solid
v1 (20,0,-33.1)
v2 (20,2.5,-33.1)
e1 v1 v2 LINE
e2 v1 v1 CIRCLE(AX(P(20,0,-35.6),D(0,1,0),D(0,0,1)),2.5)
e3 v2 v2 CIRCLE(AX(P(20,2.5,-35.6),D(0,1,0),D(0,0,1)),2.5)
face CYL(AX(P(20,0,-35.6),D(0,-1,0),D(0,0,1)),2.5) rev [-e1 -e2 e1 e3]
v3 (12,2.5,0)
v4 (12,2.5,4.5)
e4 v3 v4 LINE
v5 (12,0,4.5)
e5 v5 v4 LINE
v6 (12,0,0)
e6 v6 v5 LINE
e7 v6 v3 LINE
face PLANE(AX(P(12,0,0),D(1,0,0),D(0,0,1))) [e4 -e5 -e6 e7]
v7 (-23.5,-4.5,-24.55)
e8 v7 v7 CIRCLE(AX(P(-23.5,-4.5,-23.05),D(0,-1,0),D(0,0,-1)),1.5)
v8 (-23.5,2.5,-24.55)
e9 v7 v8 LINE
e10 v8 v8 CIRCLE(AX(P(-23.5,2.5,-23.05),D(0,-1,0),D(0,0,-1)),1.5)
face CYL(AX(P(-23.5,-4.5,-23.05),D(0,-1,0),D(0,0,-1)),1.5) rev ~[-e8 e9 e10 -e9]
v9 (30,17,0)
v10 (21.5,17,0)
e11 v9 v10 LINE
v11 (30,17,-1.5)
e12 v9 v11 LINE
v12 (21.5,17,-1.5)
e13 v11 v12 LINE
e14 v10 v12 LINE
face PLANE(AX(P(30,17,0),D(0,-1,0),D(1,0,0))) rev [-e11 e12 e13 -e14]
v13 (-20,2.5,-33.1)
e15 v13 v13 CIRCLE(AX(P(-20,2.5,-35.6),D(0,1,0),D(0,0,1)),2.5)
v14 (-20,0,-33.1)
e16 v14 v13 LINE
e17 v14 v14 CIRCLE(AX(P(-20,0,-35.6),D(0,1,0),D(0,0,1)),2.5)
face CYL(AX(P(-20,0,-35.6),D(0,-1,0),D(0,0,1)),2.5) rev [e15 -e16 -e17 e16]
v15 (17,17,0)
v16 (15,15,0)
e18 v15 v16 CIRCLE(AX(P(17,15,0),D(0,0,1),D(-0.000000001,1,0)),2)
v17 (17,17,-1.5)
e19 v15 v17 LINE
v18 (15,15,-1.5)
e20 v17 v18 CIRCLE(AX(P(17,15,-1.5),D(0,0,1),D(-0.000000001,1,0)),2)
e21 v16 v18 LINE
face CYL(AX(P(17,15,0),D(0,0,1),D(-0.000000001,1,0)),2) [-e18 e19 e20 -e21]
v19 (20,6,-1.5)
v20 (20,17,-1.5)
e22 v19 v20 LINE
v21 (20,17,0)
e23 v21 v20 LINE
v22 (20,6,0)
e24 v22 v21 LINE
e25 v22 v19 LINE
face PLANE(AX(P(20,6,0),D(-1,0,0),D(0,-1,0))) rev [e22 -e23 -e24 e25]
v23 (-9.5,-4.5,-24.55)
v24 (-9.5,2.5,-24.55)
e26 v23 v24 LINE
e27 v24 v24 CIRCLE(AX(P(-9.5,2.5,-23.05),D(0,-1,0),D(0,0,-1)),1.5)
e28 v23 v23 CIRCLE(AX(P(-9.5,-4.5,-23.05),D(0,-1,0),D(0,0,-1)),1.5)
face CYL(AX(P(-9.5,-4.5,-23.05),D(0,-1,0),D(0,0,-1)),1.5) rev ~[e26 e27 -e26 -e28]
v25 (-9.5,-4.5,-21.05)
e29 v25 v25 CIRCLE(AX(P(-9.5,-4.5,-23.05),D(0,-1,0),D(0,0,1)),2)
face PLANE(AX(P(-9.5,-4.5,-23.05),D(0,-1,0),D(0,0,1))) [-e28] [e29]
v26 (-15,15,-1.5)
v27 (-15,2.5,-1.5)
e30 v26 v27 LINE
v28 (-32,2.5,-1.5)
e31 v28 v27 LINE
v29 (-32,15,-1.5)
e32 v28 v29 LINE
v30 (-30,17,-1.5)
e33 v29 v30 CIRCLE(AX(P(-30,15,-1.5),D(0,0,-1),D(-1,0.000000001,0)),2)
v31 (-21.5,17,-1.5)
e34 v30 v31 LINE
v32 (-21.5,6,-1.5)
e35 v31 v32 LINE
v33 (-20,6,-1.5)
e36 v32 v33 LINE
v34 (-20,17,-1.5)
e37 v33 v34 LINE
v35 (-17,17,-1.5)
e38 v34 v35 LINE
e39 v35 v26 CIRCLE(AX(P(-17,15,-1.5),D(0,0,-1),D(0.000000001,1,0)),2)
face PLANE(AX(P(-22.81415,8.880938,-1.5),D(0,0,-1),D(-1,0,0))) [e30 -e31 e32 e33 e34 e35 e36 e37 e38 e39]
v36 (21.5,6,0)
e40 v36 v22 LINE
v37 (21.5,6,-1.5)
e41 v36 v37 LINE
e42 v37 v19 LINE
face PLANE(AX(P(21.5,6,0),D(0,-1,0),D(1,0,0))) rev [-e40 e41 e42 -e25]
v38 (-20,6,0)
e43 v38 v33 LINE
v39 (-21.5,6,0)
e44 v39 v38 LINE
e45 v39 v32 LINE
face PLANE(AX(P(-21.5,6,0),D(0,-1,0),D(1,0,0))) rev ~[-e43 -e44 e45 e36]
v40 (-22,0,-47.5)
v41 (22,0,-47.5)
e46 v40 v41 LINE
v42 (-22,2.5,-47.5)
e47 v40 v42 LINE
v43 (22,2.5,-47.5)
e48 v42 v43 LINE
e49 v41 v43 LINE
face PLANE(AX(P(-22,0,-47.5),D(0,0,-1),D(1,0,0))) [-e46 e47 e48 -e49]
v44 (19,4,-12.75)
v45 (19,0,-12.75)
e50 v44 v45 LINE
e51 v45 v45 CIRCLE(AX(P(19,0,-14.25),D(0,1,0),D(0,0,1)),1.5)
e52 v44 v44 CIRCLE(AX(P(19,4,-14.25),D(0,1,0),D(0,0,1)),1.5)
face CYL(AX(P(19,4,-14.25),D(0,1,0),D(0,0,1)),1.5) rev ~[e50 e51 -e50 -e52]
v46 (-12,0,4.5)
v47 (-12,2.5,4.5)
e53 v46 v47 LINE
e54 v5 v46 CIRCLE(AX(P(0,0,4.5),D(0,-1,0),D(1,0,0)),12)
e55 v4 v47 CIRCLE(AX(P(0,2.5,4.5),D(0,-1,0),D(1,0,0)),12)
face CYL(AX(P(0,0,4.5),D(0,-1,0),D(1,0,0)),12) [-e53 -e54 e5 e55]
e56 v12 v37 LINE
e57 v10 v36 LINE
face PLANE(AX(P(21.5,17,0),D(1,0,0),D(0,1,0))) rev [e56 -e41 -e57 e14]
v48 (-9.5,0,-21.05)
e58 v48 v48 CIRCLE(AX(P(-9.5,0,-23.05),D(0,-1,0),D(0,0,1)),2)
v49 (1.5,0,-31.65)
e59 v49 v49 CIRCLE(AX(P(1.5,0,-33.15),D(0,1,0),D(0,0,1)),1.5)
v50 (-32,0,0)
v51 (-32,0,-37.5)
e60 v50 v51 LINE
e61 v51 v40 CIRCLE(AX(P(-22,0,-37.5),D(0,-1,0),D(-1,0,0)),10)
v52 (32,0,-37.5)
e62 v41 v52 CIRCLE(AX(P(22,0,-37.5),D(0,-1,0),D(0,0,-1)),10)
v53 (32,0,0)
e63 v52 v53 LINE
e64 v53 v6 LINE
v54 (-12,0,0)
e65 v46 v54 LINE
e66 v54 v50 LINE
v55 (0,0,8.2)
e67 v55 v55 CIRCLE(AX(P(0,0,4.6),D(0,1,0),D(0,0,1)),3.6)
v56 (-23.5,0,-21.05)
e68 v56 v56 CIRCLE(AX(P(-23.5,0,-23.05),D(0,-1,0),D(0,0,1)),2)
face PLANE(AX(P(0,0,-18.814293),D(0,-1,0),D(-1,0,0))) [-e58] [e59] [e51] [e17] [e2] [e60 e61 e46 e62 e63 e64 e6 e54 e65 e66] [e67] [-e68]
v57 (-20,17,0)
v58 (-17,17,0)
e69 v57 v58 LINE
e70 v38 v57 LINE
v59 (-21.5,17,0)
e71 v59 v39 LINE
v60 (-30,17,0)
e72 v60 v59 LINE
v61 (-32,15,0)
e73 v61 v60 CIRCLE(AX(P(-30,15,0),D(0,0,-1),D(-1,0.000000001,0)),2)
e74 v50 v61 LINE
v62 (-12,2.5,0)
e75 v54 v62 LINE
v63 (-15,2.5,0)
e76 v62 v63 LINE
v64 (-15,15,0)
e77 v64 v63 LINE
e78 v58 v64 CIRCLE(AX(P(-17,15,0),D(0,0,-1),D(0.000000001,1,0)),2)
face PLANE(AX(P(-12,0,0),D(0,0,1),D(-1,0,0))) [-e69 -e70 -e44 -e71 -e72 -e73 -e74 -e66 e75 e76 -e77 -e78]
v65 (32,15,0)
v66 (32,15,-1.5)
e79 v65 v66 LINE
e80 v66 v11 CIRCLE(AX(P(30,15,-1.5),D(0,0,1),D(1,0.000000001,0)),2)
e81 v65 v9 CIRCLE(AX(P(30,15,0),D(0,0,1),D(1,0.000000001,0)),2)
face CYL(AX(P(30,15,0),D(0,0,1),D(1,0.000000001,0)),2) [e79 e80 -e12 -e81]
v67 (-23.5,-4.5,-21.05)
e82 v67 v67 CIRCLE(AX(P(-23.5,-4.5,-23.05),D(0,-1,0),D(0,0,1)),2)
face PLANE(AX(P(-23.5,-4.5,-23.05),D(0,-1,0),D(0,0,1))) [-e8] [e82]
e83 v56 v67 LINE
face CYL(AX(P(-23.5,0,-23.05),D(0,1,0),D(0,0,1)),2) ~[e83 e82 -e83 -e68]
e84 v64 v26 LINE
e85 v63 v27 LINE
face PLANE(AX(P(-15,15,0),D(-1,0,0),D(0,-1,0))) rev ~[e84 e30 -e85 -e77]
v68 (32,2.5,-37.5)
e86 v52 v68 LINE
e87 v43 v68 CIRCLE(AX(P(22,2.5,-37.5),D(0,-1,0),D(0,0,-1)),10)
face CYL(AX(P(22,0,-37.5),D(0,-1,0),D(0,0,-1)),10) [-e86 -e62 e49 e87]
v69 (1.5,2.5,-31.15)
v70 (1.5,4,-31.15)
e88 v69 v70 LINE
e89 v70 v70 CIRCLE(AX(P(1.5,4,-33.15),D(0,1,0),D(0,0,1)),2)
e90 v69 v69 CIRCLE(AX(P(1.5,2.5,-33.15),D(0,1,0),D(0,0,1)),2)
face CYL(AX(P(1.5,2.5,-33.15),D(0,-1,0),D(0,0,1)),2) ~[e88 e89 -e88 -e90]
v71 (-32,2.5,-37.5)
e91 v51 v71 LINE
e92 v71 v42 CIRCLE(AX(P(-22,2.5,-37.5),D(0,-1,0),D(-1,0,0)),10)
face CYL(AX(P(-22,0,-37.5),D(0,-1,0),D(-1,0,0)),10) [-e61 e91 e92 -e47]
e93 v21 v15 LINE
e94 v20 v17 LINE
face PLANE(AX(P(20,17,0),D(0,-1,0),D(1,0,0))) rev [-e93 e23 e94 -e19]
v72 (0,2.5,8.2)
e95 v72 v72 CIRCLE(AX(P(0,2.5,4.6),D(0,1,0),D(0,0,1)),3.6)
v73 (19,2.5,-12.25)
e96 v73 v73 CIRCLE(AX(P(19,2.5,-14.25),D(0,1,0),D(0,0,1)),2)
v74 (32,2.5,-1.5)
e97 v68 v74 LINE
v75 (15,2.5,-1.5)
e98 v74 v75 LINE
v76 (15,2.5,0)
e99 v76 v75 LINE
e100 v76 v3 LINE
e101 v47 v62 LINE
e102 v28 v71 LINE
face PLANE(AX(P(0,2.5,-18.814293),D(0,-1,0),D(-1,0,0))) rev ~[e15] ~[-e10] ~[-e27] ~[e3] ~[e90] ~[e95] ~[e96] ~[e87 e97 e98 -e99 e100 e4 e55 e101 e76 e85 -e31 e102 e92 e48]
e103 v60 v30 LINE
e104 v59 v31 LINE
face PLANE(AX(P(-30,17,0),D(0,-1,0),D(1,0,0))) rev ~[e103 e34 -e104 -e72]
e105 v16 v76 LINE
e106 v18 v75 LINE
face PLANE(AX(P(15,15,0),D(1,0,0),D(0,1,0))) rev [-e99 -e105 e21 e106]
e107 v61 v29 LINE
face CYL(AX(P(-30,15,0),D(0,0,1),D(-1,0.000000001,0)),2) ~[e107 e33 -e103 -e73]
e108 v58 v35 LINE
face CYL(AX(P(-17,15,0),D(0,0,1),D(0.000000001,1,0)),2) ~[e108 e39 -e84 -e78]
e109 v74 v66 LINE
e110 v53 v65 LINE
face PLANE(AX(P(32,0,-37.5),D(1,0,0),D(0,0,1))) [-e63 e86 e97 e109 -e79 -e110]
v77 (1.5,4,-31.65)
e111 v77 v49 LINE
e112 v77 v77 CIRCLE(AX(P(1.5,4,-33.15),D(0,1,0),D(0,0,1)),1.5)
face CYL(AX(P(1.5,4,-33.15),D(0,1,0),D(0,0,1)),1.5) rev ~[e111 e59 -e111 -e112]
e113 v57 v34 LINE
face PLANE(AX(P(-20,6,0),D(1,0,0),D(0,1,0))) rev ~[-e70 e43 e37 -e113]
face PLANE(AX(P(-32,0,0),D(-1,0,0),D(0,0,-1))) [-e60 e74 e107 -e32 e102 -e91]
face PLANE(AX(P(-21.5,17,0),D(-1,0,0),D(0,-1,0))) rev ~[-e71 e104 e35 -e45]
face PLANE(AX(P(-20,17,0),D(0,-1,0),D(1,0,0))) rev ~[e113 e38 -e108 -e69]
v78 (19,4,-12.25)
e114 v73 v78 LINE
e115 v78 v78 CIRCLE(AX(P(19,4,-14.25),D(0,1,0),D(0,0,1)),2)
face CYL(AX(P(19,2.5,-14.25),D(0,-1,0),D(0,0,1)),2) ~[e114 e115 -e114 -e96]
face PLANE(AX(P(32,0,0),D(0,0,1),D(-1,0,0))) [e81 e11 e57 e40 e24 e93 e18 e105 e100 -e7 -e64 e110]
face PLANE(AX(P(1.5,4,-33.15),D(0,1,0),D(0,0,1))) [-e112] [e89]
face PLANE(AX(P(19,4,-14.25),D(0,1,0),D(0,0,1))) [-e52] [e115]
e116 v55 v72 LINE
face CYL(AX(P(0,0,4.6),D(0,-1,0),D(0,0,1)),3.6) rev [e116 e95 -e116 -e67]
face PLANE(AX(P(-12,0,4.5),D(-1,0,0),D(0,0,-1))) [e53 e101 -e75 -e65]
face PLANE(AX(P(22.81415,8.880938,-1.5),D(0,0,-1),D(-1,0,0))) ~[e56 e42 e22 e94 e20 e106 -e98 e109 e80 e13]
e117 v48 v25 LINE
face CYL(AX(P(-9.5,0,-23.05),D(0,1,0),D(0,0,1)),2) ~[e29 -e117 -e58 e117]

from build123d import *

# Parameters (mm, degrees)
SKETCH1_R                = 3.6
SKETCH1_R_2              = 2.5
MAIN_BOSS_DEPTH          = 2.5
SKETCH2_R                = 2
SMALL_HOLE_EXTRUDE_DEPTH = 1.5
SKETCH3_R                = 1.5
SMALL_HOLE_DEPTH         = 58.412977627
SKETCH4_R                = 2
LONG_HOLE_EXTRUDE_DEPTH  = 4.5
SKETCH5_R                = 1.5
LONG_HOLE_DEPTH          = 58.900777197
SIDE_BOSS_DEPTH          = 1.5


with BuildPart() as part:
    # Sketch1 → main boss (new body)
    with BuildSketch(Plane(origin=(0, 0, 0), x_dir=(1, 0, 0), z_dir=(0, 1, 0))):
        with BuildLine():
            Line((32, 0), (12, 0))
            Line((12, 0), (12, -4.5))
            ThreePointArc((12, -4.5), (0, -16.5), (-12, -4.5))
            Line((-12, -4.5), (-12, 0))
            Line((-12, 0), (-32, 0))
            Line((-32, 0), (-32, 37.5))
            ThreePointArc((-32, 37.5), (-29.071067812, 44.571067812), (-22, 47.5))
            Line((-22, 47.5), (22, 47.5))
            ThreePointArc((22, 47.5), (29.071067812, 44.571067812), (32, 37.5))
            Line((32, 37.5), (32, 0))
        make_face()
        with Locations(Location((0, -4.6, 0), (0, 0, 270))):
            Circle(SKETCH1_R, mode=Mode.SUBTRACT)
        with Locations(Location((20, 35.6, 0), (0, 0, 270))):
            Circle(SKETCH1_R_2, mode=Mode.SUBTRACT)
        with Locations(Location((-20, 35.6, 0), (0, 0, 270))):
            Circle(SKETCH1_R_2, mode=Mode.SUBTRACT)
    extrude(amount=MAIN_BOSS_DEPTH)

    # Sketch2 → small hole extrude (add)
    with BuildSketch(Plane(origin=(0, 2.5, 0), x_dir=(1, 0, 0), z_dir=(0, 1, 0))):
        with Locations(Location((1.5, 33.15, 0), (0, 0, 270))):
            Circle(SKETCH2_R)
        with Locations(Location((19, 14.25, 0), (0, 0, 270))):
            Circle(SKETCH2_R)
    extrude(amount=SMALL_HOLE_EXTRUDE_DEPTH)

    # Sketch3 → small hole (cut, through all)
    with BuildSketch(Plane(origin=(0, 4, 0), x_dir=(1, 0, 0), z_dir=(0, 1, 0))):
        with Locations(Location((1.5, 33.15, 0), (0, 0, 270))):
            Circle(SKETCH3_R)
        with Locations(Location((19, 14.25, 0), (0, 0, 270))):
            Circle(SKETCH3_R)
    extrude(amount=-SMALL_HOLE_DEPTH, mode=Mode.SUBTRACT)

    # Sketch4 → long hole extrude (add)
    with BuildSketch(Plane.XZ):
        with Locations(Location((-23.5, -23.05, 0), (0, 0, 90))):
            Circle(SKETCH4_R)
        with Locations(Location((-9.5, -23.05, 0), (0, 0, 90))):
            Circle(SKETCH4_R)
    extrude(amount=LONG_HOLE_EXTRUDE_DEPTH)

    # Sketch5 → long hole (cut, through all)
    with BuildSketch(Plane.XZ.offset(4.5)):
        with Locations(Location((-23.5, -23.05, 0), (0, 0, 270))):
            Circle(SKETCH5_R)
        with Locations(Location((-9.5, -23.05, 0), (0, 0, 270))):
            Circle(SKETCH5_R)
    extrude(amount=-LONG_HOLE_DEPTH, mode=Mode.SUBTRACT)

    # Sketch6 → side boss (add)
    with BuildSketch(Plane.XY):
        with BuildLine():
            Line((-32, 0), (-32, 15))
            ThreePointArc((-32, 15), (-31.414213562, 16.414213562), (-30, 17))
            Line((-30, 17), (-21.5, 17))
            Line((-21.5, 17), (-21.5, 6))
            Line((-21.5, 6), (-20, 6))
            Line((-20, 6), (-20, 17))
            Line((-20, 17), (-17, 17))
            ThreePointArc((-17, 17), (-15.585786438, 16.414213562), (-15, 15))
            Line((-15, 15), (-15, 0))
            Line((-15, 0), (-32, 0))
        make_face()
    side_boss = extrude(amount=-SIDE_BOSS_DEPTH)

    # Mirror1: side boss across plane
    add(side_boss.mirror(Plane(origin=(0, 0, 0), x_dir=(0, 0, 1), z_dir=(1, 0, 0))))


solid = part.part
